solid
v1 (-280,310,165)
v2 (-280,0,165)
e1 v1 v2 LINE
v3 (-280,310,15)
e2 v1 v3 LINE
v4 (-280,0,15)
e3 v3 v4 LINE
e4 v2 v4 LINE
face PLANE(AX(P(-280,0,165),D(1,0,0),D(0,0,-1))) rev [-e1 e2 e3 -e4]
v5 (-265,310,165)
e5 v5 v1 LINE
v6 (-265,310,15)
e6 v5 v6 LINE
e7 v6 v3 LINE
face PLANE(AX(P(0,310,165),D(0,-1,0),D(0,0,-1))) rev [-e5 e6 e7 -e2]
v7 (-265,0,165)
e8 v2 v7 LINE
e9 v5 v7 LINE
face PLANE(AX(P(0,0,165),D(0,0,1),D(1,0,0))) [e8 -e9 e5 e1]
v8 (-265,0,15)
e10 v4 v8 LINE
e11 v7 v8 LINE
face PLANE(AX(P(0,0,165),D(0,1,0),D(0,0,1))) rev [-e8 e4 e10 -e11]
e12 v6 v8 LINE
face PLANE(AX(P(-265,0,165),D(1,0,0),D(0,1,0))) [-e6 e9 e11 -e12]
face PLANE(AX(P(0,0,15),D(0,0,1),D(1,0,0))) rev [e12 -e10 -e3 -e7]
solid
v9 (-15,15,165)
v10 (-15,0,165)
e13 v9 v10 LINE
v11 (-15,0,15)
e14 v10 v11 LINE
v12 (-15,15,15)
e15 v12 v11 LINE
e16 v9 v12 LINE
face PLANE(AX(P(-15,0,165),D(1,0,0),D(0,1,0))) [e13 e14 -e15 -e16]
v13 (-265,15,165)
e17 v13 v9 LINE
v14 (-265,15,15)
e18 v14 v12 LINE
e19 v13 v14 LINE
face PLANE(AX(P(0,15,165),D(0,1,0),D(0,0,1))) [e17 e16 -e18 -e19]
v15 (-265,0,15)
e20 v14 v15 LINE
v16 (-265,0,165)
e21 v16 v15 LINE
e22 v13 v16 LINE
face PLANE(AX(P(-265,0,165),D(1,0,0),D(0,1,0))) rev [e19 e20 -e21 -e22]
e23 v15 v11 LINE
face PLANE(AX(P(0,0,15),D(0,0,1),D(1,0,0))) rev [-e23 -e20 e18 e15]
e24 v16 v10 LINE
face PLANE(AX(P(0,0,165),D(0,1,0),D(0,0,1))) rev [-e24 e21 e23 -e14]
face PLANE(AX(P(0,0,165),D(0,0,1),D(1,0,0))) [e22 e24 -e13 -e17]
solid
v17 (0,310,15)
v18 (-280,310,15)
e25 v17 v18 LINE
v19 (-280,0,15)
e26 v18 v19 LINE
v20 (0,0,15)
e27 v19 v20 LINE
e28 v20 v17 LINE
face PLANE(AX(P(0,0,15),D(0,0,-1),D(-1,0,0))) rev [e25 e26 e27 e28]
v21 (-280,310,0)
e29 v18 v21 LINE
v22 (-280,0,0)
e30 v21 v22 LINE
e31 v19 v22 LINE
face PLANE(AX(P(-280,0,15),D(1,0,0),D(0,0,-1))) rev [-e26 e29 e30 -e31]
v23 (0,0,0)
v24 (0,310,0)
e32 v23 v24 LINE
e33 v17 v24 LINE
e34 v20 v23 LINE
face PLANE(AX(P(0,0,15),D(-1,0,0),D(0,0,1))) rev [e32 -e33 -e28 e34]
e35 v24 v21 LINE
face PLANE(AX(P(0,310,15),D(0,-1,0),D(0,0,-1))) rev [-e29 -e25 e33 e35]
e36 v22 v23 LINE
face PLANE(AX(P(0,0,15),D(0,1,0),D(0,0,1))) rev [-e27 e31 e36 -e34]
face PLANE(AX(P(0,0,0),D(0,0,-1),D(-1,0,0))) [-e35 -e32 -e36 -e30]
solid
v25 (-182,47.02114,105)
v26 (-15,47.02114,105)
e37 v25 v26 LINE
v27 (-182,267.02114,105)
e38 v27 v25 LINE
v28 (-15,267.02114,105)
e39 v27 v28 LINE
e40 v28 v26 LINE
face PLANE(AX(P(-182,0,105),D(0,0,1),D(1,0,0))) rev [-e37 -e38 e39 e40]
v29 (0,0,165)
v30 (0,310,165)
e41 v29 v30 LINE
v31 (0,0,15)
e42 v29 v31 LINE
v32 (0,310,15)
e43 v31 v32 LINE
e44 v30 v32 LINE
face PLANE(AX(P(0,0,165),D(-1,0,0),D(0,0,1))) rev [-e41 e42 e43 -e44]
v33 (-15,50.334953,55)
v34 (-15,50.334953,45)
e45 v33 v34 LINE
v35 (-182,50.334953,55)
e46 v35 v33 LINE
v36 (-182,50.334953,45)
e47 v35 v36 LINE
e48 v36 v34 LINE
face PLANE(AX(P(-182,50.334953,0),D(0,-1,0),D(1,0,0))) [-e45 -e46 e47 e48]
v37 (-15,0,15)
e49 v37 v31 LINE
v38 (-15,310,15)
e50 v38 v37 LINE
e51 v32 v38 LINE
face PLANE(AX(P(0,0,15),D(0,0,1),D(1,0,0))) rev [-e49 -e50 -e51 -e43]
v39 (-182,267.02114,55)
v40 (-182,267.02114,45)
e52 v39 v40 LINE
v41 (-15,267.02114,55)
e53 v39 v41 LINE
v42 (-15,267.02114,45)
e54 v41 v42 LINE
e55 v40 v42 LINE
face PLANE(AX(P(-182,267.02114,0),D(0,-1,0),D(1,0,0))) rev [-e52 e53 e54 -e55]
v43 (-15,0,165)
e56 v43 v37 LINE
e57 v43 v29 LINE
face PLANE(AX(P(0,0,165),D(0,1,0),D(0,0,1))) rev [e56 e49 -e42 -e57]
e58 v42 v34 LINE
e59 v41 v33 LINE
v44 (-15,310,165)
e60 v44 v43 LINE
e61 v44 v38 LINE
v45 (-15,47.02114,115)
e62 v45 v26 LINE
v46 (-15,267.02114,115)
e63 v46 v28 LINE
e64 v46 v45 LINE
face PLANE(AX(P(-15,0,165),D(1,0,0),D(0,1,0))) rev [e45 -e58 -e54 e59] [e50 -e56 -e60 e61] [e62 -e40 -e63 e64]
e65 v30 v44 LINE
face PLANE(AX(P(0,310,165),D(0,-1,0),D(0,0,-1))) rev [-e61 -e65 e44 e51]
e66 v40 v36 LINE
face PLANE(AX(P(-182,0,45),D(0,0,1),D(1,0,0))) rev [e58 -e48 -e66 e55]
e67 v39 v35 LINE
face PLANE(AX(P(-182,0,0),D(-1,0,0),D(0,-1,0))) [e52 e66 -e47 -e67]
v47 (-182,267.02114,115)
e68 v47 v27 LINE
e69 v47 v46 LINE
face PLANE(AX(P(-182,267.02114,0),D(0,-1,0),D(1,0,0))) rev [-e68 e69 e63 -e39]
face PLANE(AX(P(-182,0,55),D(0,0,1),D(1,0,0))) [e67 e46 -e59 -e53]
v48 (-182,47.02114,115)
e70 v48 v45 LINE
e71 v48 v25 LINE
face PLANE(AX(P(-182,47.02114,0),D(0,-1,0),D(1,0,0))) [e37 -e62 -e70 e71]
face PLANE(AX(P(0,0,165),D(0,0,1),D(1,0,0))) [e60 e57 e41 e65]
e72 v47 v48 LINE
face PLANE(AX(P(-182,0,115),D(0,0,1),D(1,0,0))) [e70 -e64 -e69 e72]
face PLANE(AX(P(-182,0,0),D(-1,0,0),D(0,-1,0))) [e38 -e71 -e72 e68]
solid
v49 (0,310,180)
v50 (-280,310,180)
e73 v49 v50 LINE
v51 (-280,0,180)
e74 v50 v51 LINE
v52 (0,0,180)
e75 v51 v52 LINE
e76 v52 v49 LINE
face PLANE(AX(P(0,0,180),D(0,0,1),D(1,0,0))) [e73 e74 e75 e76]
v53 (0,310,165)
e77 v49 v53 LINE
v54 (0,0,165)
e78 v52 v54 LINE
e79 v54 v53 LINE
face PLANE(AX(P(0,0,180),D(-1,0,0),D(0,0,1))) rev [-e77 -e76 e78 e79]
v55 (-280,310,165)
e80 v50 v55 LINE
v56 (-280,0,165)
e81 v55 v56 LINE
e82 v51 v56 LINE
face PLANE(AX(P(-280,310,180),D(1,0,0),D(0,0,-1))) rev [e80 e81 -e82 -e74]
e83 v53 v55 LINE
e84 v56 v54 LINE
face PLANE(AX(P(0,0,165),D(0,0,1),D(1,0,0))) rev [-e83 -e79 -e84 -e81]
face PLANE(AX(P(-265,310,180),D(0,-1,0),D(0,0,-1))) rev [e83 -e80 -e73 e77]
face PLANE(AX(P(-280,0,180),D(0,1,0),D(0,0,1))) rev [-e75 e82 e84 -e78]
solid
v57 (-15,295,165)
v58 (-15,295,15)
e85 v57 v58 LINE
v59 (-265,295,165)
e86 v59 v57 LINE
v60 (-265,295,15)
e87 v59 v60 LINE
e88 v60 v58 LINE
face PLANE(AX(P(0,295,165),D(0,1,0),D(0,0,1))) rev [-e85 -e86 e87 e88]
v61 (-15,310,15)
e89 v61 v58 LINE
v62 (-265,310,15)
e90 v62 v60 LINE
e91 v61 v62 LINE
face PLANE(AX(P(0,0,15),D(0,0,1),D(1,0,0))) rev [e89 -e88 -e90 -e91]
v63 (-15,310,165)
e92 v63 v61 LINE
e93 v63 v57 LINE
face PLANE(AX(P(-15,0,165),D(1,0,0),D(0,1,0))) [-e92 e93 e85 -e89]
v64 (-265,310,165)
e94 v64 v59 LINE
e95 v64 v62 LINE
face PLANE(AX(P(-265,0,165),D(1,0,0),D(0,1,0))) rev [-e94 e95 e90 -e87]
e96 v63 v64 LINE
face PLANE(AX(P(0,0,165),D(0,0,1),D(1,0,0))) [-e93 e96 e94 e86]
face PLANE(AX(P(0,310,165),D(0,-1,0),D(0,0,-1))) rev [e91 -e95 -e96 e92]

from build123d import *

# Parameters (mm, degrees)
CROQUIS3_W                = 310
CROQUIS3_H                = 280
SALIENTE_EXTRUIR1_DEPTH   = 15
CROQUIS4_W                = 15
CROQUIS4_H                = 310
SALIENTE_EXTRUIR2_DEPTH   = 150
SALIENTE_EXTRUIR2_2_DEPTH = 150
CROQUIS4_3_W              = 250
CROQUIS4_3_H              = 15
SALIENTE_EXTRUIR3_DEPTH   = 150
SALIENTE_EXTRUIR3_2_DEPTH = 150
SALIENTE_EXTRUIR4_DEPTH   = 15
CROQUIS7_W                = 220
CROQUIS7_H                = 10
CROQUIS7_W_2              = 216.686186971
SALIENTE_EXTRUIR5_DEPTH   = 167


with BuildPart() as part:
    # Croquis3 → Saliente-Extruir1 (new body)
    with BuildSketch(Plane(origin=(0, 0, 0), x_dir=(0, 1, 0), z_dir=(0, 0, 1))):
        with Locations((155, 140)):
            Rectangle(CROQUIS3_W, CROQUIS3_H)
    extrude(amount=SALIENTE_EXTRUIR1_DEPTH)


with BuildPart() as body_2:
    # Croquis4 → Saliente-Extruir2 (new body)
    with BuildSketch(Plane.XY.offset(15)):
        with Locations((-272.5, 155)):
            Rectangle(CROQUIS4_W, CROQUIS4_H)
    extrude(amount=SALIENTE_EXTRUIR2_DEPTH)


with BuildPart() as body_3:
    # Croquis4 → Saliente-Extruir2 2 (new body)
    with BuildSketch(Plane.XY.offset(15)):
        with Locations((-7.5, 155)):
            Rectangle(CROQUIS4_W, CROQUIS4_H)
    extrude(amount=SALIENTE_EXTRUIR2_2_DEPTH)

    # Croquis7 → Saliente-Extruir5 (add)
    with BuildSketch(Plane(origin=(-15, 0, 0), x_dir=(0, -1, 0), z_dir=(-1, 0, 0))):
        with Locations((-157.021140195, 110)):
            Rectangle(CROQUIS7_W, CROQUIS7_H)
        with Locations((-158.67804671, 50)):
            Rectangle(CROQUIS7_W_2, CROQUIS7_H)
    extrude(amount=SALIENTE_EXTRUIR5_DEPTH)


with BuildPart() as body_4:
    # Croquis4<3> → Saliente-Extruir3 (new body)
    with BuildSketch(Plane.XY.offset(15)):
        with Locations((-140, 302.5)):
            Rectangle(CROQUIS4_3_W, CROQUIS4_3_H)
    extrude(amount=SALIENTE_EXTRUIR3_DEPTH)


with BuildPart() as body_5:
    # Croquis4<3> → Saliente-Extruir3 2 (new body)
    with BuildSketch(Plane.XY.offset(15)):
        with Locations((-140, 7.5)):
            Rectangle(CROQUIS4_3_W, CROQUIS4_3_H)
    extrude(amount=SALIENTE_EXTRUIR3_2_DEPTH)


with BuildPart() as body_6:
    # Croquis5 → Saliente-Extruir4 (new body)
    with BuildSketch(Plane.XY.offset(165)):
        Polygon((-15, 0), (0, 0), (0, 310), (-15, 310), (-265, 310), (-280, 310), (-280, 0), (-265, 0), align=None)
    extrude(amount=SALIENTE_EXTRUIR4_DEPTH)


solid = Compound([part.part, body_2.part, body_3.part, body_4.part, body_5.part, body_6.part])
